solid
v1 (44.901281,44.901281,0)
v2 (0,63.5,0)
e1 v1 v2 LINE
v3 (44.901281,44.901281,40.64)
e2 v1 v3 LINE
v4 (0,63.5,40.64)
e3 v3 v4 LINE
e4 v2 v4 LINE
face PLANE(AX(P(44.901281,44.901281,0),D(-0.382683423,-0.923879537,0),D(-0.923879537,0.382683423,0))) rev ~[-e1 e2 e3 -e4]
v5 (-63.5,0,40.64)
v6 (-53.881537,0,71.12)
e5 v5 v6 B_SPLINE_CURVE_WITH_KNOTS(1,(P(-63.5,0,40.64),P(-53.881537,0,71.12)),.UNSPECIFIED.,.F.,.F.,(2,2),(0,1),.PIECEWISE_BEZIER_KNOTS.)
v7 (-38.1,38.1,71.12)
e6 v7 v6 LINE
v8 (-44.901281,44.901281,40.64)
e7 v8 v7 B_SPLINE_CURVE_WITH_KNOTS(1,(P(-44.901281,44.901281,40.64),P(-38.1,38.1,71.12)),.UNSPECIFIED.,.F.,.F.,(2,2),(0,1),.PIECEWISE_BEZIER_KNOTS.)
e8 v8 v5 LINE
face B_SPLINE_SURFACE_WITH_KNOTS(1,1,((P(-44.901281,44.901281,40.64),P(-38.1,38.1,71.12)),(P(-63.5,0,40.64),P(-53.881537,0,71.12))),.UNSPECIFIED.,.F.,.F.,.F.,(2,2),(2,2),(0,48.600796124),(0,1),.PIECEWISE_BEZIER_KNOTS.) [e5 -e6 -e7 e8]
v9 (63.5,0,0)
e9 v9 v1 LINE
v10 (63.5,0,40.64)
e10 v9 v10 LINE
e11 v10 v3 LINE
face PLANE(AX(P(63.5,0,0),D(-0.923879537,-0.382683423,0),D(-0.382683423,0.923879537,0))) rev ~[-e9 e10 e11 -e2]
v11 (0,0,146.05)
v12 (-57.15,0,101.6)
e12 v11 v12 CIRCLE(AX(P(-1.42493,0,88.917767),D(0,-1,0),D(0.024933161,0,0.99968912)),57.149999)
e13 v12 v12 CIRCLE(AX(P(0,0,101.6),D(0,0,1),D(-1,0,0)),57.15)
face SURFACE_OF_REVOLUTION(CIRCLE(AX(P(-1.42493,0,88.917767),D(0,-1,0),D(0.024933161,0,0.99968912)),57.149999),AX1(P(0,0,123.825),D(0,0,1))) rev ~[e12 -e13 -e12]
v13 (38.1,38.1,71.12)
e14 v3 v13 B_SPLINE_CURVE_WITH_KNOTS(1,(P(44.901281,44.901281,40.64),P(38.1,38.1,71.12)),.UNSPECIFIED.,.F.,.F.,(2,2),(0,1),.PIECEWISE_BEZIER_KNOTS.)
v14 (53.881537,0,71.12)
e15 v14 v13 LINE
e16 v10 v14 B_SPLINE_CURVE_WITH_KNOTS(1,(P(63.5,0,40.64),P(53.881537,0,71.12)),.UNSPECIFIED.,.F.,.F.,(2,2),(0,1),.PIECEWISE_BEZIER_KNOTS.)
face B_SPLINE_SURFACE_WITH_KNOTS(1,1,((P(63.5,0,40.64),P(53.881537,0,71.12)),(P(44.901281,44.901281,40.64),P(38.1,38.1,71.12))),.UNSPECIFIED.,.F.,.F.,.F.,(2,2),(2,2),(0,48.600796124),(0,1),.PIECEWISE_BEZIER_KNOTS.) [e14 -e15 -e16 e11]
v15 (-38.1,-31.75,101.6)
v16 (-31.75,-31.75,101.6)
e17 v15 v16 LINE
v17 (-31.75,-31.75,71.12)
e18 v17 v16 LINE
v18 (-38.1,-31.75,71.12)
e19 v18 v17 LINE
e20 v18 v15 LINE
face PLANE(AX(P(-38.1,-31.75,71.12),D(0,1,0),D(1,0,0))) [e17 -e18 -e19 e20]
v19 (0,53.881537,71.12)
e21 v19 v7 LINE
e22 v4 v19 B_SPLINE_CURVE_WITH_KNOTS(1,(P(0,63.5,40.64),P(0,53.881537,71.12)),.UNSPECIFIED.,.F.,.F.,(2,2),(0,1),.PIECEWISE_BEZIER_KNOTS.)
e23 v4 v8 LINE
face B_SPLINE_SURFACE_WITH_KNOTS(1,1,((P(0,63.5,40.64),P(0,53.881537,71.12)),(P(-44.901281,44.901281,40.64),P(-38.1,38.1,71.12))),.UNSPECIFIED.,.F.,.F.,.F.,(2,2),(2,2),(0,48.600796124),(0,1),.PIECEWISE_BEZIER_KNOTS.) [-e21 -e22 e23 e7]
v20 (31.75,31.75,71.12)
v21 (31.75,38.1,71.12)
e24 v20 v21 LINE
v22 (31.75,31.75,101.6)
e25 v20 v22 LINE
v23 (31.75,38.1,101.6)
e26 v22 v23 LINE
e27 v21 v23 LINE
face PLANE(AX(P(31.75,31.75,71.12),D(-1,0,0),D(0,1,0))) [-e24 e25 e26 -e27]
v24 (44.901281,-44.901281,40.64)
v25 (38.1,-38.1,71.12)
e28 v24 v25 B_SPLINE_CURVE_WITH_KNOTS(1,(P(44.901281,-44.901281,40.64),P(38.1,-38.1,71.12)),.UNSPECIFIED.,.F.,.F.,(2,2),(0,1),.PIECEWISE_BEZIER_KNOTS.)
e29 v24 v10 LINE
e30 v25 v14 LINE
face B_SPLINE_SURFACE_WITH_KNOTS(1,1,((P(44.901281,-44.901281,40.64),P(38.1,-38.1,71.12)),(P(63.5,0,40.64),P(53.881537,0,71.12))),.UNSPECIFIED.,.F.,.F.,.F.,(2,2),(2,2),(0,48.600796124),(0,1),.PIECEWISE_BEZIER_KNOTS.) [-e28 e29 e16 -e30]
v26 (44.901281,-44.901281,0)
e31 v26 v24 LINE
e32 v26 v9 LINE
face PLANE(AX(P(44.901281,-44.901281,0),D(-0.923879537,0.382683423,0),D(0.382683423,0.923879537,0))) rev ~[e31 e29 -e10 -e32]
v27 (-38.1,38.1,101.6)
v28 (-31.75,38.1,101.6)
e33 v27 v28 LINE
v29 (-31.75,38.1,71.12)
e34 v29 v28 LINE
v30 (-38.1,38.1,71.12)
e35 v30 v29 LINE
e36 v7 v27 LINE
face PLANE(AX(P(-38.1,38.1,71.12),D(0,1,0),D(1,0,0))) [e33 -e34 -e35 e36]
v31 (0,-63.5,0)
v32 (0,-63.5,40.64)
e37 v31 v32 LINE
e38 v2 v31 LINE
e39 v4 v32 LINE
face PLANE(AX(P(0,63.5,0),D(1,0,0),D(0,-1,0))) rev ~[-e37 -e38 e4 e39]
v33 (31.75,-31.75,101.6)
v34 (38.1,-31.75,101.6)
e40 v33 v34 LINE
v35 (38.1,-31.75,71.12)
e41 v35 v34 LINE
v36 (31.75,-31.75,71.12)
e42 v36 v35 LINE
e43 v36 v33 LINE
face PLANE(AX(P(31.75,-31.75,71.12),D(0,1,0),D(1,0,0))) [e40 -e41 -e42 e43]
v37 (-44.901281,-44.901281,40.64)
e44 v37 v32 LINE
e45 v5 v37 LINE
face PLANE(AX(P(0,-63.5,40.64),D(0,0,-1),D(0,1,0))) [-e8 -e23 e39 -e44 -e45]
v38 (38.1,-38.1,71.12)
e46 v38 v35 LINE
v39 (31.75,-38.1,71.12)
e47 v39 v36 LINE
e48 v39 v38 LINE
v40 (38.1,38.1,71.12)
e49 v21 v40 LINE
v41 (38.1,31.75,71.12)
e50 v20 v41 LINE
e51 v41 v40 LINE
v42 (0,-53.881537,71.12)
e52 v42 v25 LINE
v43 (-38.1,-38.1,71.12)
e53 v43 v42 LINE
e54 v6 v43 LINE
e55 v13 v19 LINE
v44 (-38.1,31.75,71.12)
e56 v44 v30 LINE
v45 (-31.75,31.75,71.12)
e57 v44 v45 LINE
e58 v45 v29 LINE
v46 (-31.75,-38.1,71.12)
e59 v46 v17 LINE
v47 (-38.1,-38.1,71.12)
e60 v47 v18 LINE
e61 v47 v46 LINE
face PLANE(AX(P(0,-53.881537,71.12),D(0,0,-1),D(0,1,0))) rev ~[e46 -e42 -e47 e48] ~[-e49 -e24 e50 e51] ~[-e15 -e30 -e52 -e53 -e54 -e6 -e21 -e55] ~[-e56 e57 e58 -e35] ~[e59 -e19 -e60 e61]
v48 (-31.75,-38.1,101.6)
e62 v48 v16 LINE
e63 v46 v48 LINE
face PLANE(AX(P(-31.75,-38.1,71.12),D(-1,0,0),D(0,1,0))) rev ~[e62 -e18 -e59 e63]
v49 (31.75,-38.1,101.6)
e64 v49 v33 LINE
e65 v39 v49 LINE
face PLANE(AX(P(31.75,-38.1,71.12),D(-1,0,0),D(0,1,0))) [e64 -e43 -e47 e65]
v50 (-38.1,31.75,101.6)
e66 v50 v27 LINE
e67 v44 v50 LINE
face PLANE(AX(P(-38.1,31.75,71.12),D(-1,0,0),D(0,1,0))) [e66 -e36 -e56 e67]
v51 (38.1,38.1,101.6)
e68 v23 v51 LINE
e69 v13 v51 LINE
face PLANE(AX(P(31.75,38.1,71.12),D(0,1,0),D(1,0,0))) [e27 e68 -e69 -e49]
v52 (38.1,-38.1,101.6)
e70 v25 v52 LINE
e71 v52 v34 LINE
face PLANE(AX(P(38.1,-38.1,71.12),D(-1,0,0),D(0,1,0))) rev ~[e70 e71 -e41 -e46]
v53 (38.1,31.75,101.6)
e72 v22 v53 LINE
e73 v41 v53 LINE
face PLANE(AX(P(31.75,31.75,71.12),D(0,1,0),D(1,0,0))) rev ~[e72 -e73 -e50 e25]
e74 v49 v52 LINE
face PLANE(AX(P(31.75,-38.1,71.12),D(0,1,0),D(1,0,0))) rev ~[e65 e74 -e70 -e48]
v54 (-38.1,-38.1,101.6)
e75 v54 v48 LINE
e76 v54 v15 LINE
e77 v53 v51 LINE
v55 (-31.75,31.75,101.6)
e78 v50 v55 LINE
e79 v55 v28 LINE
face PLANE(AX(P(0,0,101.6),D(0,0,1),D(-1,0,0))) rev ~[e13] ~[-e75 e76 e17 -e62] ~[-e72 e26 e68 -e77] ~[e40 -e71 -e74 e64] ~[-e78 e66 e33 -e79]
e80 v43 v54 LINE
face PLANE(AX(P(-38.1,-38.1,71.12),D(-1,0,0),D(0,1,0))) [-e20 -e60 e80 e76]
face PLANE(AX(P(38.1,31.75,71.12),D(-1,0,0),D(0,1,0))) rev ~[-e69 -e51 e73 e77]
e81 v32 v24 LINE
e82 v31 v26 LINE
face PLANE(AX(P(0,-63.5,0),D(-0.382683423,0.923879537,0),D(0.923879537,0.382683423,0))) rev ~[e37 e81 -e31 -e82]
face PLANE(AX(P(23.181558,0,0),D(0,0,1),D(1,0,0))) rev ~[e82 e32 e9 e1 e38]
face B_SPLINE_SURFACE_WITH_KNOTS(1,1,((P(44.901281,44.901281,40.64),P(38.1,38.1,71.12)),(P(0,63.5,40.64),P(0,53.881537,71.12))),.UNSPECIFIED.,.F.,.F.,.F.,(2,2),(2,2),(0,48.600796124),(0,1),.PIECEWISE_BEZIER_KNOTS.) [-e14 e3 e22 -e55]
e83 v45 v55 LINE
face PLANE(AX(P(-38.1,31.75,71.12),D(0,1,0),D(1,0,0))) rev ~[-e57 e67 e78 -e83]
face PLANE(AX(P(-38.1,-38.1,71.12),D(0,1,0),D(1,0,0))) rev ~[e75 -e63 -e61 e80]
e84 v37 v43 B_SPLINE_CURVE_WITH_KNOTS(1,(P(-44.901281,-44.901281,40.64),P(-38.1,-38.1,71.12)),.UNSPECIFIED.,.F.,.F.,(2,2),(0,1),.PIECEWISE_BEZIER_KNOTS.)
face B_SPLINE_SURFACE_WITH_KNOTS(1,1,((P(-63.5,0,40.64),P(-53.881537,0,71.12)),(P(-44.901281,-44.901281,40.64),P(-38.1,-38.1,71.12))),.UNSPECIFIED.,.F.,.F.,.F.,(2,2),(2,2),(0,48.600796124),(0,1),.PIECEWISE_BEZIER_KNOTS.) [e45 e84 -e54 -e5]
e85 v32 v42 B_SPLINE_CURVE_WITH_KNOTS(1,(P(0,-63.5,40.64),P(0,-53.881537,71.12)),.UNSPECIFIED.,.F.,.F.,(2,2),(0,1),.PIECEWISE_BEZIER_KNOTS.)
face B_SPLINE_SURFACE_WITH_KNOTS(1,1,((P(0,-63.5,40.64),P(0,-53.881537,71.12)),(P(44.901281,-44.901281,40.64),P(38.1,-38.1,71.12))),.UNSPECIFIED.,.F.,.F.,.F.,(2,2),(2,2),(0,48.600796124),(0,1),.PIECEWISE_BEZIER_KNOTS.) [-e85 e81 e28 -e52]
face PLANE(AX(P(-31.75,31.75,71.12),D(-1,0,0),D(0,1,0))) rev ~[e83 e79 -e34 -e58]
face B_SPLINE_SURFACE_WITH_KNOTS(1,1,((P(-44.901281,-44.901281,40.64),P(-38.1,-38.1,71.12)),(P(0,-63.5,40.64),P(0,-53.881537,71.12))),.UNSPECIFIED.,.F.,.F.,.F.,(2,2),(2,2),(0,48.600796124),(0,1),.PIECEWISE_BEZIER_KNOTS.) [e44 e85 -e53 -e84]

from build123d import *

# Parameters (mm, degrees)
F2_DEPTH = 40.64
F7_W     = 6.35
F7_H     = 6.35
F8_DEPTH = 30.48


with BuildPart() as f2:
    # F1 (on Top) → F2 (new body)
    with BuildSketch(Plane.XY):
        Polygon((44.901281, 44.901281), (0, 63.5), (0, -63.5), (44.901281, -44.901281), (63.5, 0), align=None)
    extrude(amount=F2_DEPTH)

    # F3 (on offset) → F6 section 0
    with BuildSketch(Plane.XY.offset(40.64)):
        Polygon((0, -63.5), (44.901281, -44.901281), (63.5, 0), (44.901281, 44.901281), (0, 63.5), (-44.901281, 44.901281), (-63.5, 0), (-44.901281, -44.901281), align=None)
    # F5 (on offset) → F6 section 1
    with BuildSketch(Plane.XY.offset(71.12)):
        Polygon((0, 53.881537), (-38.1, 38.1), (-53.881537, 0), (-38.1, -38.1), (0, -53.881537), (38.1, -38.1), (53.881537, 0), (38.1, 38.1), align=None)
    loft()

    # F7 (on offset) → F8 (join)
    with BuildSketch(Plane.XY.offset(71.12)):
        with Locations((-34.925, 34.925)):
            Rectangle(F7_W, F7_H)
        with Locations((34.925, 34.925)):
            Rectangle(F7_W, F7_H)
        with Locations((34.925, -34.925)):
            Rectangle(F7_W, F7_H)
        with Locations((-34.925, -34.925)):
            Rectangle(F7_W, F7_H)
    extrude(amount=F8_DEPTH)

    # F12 (on Front) → F13 (revolve)
    with BuildSketch(Plane.XZ):
        with BuildLine():
            ThreePointArc((0, 146.05), (-36.511636, 134.029246), (-57.15, 101.6))
            Line((-57.15, 101.6), (0, 101.6))
            Line((0, 101.6), (0, 146.05))
        make_face()
    revolve(axis=Axis((0, 0, 123.825), (0, 0, 1)))


solid = f2.part
